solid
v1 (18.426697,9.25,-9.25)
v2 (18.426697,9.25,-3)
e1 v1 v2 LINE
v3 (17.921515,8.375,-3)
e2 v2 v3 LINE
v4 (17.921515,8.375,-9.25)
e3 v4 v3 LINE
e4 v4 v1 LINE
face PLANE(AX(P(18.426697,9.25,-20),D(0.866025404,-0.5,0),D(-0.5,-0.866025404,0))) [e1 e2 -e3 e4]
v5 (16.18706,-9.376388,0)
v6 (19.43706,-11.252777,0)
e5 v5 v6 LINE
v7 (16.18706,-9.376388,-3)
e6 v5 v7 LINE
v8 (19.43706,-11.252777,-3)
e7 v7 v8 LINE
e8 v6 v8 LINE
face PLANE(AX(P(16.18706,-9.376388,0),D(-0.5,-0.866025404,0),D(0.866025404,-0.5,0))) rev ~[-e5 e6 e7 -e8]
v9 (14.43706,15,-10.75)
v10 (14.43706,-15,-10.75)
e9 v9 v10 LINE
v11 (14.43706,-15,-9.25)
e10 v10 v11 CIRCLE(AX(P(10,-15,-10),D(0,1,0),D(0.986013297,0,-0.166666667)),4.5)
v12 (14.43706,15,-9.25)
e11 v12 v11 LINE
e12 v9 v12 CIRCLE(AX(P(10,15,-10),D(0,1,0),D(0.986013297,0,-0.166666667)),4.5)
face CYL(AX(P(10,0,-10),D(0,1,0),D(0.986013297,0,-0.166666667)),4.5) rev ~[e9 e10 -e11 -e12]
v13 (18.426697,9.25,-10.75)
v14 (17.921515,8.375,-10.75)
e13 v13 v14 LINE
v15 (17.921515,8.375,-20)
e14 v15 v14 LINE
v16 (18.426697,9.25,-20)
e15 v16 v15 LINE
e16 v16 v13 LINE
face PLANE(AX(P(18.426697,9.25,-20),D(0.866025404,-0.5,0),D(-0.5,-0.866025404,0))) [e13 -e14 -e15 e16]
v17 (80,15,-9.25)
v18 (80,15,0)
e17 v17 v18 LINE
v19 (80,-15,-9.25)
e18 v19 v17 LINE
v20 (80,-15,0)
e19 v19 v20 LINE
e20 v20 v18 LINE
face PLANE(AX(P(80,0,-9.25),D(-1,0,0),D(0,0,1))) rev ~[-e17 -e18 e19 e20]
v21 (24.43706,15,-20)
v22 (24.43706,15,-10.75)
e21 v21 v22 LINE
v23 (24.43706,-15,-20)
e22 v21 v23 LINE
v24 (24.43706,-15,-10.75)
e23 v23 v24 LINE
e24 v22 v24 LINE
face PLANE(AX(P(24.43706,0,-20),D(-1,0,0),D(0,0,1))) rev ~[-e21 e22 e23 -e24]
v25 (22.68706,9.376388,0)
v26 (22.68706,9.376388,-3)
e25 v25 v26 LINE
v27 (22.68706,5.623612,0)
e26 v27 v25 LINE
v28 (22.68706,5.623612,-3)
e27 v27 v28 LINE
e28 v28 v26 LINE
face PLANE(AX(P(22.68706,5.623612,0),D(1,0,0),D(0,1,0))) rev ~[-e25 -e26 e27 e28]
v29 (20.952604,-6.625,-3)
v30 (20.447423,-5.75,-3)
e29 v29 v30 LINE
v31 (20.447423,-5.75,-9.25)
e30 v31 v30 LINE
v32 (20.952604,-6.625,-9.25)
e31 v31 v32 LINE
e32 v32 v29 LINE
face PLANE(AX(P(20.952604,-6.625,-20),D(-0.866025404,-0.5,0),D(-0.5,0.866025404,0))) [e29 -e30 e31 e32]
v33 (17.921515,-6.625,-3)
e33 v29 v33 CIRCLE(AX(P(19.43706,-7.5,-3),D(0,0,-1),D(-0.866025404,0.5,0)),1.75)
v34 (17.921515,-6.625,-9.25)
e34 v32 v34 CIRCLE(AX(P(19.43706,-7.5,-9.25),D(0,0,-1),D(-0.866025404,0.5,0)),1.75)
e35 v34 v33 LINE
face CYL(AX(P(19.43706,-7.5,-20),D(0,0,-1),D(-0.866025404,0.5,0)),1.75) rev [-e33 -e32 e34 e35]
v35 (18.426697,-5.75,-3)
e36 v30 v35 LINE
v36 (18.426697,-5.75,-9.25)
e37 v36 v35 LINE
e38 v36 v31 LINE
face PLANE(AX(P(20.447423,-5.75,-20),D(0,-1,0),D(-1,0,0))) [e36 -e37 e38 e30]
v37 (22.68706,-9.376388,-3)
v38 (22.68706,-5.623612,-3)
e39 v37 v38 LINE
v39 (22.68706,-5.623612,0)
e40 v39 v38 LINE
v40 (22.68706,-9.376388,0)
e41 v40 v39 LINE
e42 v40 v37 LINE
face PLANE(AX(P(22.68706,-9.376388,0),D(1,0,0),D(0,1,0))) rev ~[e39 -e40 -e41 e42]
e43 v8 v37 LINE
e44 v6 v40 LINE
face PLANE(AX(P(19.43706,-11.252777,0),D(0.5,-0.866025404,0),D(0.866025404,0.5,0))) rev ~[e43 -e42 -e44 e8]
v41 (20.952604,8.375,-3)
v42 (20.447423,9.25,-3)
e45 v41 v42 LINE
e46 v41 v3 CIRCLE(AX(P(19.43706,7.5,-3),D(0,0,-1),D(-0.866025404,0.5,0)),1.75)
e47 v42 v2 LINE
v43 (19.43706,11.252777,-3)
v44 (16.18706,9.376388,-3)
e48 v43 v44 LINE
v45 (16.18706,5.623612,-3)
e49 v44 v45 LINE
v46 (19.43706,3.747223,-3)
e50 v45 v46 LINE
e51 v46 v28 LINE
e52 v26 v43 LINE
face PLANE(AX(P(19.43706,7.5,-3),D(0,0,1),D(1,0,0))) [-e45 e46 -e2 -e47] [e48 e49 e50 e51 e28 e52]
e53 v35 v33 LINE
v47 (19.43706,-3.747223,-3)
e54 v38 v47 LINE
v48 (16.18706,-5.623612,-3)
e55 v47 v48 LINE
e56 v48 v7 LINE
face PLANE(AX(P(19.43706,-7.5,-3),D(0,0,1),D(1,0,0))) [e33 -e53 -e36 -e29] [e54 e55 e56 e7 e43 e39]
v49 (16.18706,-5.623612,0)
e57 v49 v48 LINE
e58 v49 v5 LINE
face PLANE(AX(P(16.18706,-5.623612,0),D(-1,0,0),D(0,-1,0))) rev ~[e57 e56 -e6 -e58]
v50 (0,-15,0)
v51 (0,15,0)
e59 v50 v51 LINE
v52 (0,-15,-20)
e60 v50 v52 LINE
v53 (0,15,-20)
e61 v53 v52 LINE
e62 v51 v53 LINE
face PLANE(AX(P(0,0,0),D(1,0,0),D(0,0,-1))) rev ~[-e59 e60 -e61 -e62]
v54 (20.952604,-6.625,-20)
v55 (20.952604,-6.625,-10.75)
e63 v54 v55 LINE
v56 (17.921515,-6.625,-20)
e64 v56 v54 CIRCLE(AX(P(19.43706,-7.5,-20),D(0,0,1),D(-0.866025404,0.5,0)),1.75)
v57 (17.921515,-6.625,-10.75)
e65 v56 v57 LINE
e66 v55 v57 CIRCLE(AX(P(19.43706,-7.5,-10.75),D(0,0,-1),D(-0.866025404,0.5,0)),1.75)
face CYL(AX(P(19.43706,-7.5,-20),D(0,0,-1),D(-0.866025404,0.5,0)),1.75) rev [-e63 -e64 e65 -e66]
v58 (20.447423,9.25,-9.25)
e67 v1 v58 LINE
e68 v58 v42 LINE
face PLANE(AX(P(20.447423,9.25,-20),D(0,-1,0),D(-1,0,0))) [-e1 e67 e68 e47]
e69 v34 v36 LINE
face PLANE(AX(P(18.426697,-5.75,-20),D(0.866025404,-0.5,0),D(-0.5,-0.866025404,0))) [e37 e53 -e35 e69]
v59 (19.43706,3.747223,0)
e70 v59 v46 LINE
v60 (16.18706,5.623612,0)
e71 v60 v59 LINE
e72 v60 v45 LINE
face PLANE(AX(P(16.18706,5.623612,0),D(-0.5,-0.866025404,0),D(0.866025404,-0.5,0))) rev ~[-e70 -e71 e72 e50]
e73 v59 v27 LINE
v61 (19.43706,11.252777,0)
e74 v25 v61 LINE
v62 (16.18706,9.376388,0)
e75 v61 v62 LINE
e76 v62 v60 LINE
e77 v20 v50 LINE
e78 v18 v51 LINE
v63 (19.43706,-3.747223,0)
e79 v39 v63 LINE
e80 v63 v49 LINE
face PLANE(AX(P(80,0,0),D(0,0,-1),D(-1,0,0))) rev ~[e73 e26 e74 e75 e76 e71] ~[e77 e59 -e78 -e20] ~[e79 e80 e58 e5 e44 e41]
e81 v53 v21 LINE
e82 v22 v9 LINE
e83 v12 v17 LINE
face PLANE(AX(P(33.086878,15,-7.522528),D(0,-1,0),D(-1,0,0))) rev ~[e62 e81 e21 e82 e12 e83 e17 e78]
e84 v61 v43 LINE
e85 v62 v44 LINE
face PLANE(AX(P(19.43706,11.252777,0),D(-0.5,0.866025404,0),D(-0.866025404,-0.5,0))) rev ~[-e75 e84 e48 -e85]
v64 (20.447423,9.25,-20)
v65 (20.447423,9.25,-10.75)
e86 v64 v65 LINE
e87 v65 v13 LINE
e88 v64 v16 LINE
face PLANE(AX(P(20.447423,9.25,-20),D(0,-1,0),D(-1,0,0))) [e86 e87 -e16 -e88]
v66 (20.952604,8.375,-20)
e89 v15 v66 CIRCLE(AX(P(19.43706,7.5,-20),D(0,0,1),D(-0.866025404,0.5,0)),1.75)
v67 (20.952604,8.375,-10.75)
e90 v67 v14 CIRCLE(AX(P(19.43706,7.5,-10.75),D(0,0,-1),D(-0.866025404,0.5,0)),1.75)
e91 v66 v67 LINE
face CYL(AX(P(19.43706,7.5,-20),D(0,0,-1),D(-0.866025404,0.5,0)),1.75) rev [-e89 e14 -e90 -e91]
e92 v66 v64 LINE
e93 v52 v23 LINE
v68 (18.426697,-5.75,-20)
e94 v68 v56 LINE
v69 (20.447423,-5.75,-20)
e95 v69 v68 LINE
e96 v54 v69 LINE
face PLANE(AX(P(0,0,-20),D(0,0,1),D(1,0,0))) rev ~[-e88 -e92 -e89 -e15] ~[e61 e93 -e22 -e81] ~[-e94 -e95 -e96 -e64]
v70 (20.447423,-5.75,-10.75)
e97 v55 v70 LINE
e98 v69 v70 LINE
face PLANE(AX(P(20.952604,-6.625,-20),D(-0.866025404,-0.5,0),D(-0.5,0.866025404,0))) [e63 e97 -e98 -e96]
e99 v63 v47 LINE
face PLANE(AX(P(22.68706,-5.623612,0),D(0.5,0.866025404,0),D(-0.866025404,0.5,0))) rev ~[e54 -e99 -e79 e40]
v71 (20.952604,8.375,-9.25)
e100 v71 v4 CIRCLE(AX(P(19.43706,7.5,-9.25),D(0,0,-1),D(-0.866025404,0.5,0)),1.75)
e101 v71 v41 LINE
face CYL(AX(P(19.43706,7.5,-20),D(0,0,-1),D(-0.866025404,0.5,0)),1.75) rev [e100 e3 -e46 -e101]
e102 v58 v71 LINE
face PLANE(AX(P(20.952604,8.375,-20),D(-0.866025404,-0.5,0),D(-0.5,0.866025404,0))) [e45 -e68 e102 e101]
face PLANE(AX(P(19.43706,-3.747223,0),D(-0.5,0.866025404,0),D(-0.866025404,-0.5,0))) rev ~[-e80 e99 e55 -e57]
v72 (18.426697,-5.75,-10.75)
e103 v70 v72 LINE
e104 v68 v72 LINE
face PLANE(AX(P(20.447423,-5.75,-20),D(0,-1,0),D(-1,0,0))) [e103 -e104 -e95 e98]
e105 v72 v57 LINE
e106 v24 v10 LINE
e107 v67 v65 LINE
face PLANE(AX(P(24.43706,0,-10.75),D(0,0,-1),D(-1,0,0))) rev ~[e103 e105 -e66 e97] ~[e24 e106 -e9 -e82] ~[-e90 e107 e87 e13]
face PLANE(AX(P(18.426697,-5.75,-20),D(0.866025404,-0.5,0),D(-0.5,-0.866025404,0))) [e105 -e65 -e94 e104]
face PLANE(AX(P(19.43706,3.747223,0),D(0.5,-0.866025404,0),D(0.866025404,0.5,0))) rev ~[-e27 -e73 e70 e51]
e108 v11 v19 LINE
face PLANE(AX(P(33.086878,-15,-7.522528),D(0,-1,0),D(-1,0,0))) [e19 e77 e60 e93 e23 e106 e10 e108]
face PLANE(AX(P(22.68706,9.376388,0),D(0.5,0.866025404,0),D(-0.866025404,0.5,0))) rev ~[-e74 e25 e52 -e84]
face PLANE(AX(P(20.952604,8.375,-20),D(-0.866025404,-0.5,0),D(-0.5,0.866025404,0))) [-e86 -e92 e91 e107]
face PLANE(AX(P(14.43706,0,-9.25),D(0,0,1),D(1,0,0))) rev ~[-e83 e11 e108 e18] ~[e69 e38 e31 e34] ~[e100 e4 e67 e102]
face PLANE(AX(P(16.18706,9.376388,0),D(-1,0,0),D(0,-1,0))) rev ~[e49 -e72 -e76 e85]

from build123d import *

# Parameters (mm, degrees)
MAIN_BODY_DEPTH      = 15
HOLES_DEPTH          = 84.815273071
HEX_NUT_RECESS_DEPTH = 3


with BuildPart() as part:
    # Schizzo2 → Main Body (new, symmetric)
    with BuildSketch(Plane(origin=(0, 0, 0), x_dir=(1, 0, 0), z_dir=(0, 1, 0))):
        with BuildLine():
            Line((0, 0), (0, 20))
            Line((0, 20), (24.437059837, 20))
            Line((24.437059837, 20), (24.437059837, 10.75))
            Line((24.437059837, 10.75), (14.437059837, 10.75))
            ThreePointArc((14.437059837, 10.75), (5.5, 10), (14.437059837, 9.25))
            Line((14.437059837, 9.25), (80, 9.25))
            Line((80, 9.25), (80, 0))
            Line((80, 0), (0, 0))
        make_face()
    extrude(amount=MAIN_BODY_DEPTH, both=True)

    # Schizzo3 → Holes (cut, through all)
    with BuildSketch(Plane(origin=(0, 0, -20), x_dir=(-1, 0, 0), z_dir=(0, 0, -1))):
        with BuildLine():
            Line((-20.447422808, -5.75), (-18.426696866, -5.75))
            Line((-18.426696866, -5.75), (-17.921515381, -6.625))
            ThreePointArc((-17.921515381, -6.625), (-19.437059837, -9.25), (-20.952604294, -6.625))
            Line((-20.952604294, -6.625), (-20.447422808, -5.75))
        make_face()
        with BuildLine():
            Line((-20.447422808, 9.25), (-18.426696866, 9.25))
            Line((-18.426696866, 9.25), (-17.921515381, 8.375))
            ThreePointArc((-17.921515381, 8.375), (-19.437059837, 5.75), (-20.952604294, 8.375))
            Line((-20.952604294, 8.375), (-20.447422808, 9.25))
        make_face()
    extrude(amount=-HOLES_DEPTH, mode=Mode.SUBTRACT)

    # Schizzo4 → Hex nut recess (cut)
    with BuildSketch(Plane.XY):
        Polygon((19.437059837, 11.25277675), (16.187059837, 9.376388375), (16.187059837, 5.623611625), (19.437059837, 3.74722325), (22.687059837, 5.623611625), (22.687059837, 9.376388375), align=None)
        Polygon((19.437059837, -3.74722325), (16.187059837, -5.623611625), (16.187059837, -9.376388375), (19.437059837, -11.25277675), (22.687059837, -9.376388375), (22.687059837, -5.623611625), align=None)
    extrude(amount=-HEX_NUT_RECESS_DEPTH, mode=Mode.SUBTRACT)


solid = part.part
